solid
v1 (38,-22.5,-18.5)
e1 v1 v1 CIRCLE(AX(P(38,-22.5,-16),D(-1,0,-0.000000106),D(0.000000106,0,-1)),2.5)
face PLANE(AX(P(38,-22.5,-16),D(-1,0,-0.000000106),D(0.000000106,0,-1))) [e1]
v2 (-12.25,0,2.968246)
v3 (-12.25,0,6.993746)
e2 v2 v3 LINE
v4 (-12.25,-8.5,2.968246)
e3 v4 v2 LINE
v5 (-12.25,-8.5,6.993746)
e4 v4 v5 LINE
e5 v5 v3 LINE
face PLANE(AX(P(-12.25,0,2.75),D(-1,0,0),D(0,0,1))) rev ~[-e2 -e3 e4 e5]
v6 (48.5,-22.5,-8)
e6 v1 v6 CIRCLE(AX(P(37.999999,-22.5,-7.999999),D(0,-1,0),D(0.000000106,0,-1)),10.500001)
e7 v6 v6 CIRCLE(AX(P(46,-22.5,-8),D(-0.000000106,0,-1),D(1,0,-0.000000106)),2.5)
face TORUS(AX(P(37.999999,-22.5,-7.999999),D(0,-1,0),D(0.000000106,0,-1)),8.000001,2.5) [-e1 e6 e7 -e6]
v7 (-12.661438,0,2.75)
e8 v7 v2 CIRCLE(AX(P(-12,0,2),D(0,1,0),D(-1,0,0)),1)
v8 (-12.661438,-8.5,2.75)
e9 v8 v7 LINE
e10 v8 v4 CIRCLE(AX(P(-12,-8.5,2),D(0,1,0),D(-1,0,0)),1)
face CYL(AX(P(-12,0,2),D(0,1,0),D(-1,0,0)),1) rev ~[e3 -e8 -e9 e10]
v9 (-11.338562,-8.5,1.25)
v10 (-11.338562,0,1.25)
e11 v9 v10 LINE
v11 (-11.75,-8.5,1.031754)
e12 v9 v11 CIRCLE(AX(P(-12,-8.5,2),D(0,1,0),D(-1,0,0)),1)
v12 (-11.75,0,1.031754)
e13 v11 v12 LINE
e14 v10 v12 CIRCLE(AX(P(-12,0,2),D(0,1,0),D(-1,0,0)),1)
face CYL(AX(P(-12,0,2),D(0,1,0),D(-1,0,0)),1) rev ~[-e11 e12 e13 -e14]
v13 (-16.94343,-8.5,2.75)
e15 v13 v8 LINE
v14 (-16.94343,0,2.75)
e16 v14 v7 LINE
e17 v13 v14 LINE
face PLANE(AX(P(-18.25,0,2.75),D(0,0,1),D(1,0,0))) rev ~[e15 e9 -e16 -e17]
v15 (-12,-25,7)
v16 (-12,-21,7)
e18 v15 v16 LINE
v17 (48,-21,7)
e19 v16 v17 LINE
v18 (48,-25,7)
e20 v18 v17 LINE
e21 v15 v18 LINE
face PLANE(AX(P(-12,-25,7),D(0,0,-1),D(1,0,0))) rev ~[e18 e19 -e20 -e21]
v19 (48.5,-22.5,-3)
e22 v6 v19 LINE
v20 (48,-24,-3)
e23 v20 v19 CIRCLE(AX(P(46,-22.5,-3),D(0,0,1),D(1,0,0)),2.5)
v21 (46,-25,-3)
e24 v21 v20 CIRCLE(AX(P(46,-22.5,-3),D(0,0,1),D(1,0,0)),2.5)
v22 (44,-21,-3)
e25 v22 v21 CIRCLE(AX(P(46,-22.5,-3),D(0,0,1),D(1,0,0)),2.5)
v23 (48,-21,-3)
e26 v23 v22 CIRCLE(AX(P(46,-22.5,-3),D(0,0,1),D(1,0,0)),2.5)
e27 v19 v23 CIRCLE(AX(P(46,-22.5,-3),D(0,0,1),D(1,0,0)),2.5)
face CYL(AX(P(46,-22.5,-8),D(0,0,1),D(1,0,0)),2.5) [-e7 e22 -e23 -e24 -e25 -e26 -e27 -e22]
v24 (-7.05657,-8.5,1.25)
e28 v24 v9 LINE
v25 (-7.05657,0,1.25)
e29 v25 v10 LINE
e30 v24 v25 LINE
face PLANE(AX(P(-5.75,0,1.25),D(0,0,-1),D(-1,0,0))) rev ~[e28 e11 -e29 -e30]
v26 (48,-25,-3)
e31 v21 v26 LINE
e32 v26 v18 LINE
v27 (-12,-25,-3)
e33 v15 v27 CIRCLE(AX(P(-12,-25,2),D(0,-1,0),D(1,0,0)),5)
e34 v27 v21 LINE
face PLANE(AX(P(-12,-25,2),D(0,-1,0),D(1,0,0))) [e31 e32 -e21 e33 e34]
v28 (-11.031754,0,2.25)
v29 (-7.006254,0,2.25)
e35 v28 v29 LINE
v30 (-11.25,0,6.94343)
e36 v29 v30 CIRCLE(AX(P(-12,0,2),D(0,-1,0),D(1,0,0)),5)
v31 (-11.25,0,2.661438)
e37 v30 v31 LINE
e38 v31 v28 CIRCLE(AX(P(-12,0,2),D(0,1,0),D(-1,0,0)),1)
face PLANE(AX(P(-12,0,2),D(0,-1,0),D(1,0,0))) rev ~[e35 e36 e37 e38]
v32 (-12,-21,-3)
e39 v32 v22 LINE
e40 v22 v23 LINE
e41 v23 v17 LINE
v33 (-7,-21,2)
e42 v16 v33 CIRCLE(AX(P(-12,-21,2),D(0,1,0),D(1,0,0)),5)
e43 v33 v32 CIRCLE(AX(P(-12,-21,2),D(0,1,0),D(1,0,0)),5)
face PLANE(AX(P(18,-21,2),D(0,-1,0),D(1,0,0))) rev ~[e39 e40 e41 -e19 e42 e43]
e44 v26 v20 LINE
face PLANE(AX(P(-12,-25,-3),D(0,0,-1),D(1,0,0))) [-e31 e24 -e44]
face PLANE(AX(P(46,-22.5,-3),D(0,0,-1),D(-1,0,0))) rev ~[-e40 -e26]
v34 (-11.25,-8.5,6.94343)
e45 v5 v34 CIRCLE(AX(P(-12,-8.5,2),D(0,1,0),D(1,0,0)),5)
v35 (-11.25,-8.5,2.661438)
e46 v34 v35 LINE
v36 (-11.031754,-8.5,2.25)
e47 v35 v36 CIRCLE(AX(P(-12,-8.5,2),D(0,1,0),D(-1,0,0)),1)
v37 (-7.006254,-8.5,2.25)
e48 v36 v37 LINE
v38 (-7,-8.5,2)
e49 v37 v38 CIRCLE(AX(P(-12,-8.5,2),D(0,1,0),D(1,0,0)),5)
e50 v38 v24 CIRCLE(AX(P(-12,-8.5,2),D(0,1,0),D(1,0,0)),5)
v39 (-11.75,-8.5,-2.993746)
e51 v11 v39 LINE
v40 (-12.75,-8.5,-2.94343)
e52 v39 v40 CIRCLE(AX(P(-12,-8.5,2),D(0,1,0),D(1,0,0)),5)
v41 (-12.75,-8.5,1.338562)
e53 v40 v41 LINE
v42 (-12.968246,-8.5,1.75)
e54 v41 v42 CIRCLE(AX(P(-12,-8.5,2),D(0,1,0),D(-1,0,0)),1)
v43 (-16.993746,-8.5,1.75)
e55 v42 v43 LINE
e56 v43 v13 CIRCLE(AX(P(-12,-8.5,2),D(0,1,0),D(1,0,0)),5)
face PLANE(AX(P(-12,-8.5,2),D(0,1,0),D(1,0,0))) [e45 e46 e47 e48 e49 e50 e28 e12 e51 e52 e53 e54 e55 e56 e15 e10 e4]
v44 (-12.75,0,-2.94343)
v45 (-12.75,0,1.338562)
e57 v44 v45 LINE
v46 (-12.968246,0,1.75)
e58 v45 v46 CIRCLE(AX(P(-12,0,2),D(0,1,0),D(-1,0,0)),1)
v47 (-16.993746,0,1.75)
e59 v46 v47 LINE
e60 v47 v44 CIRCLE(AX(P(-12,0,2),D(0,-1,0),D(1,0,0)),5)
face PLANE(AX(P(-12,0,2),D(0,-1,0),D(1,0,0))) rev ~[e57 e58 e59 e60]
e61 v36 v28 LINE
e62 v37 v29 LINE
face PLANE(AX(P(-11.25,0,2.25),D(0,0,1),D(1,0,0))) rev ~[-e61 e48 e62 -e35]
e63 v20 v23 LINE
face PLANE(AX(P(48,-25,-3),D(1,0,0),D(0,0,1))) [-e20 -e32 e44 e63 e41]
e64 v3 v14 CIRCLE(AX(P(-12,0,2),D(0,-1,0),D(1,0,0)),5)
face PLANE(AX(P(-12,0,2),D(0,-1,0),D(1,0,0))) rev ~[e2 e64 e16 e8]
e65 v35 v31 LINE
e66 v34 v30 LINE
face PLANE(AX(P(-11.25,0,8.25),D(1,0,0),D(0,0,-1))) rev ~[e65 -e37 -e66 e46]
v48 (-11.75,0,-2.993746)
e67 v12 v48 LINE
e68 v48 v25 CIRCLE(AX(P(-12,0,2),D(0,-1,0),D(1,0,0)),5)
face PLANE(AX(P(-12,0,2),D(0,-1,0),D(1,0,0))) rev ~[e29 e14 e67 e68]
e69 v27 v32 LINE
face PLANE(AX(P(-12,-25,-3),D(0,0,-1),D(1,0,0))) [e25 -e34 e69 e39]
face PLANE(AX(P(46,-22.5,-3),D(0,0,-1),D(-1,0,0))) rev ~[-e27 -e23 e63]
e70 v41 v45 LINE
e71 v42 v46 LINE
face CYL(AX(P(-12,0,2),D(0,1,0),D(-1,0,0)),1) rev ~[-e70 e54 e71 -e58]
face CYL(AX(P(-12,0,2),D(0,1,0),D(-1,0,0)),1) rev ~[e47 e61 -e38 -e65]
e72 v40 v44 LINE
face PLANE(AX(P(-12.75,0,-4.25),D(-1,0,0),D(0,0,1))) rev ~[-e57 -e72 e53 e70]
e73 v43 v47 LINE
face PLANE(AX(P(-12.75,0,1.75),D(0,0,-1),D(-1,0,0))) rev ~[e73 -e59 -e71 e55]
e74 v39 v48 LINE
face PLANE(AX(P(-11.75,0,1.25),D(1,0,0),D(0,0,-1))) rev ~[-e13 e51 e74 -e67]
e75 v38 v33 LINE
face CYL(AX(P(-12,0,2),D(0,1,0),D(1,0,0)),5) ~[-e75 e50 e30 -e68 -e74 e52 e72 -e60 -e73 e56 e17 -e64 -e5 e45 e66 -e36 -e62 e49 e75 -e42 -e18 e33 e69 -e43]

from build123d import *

# Parameters (mm, degrees)
SKETCH083_R     = 5
PAD031_DEPTH    = 25
SKETCH084_W     = 60
SKETCH084_H     = 10
PAD032_DEPTH    = 4
SKETCH085_R     = 2.5
POCKET027_DEPTH = 8.5
SKETCH088_R     = 1
POCKET028_DEPTH = 8.5


with BuildPart() as part:
    # Sketch083 → Pad031 (new body)
    with BuildSketch(Plane.XZ):
        Circle(SKETCH083_R)
    extrude(amount=PAD031_DEPTH)

    # Sketch084 (on Face3 of Pad031) → Pad032 (join)
    with BuildSketch(Plane.XZ.offset(25)):
        with Locations((30, 0)):
            Rectangle(SKETCH084_W, SKETCH084_H)
    extrude(amount=-PAD032_DEPTH)

    # AdditivePipe: sweep along a path in Sketch086
    with BuildLine(Plane.XZ.offset(23)) as additivepipe_path:
        ThreePointArc((50, -18), (55.656854, -15.656854), (58, -10))
        Line((58, -10), (58, -5))
    # Sketch085 (on Face4 of Pad032) → AdditivePipe (sweep)
    with BuildSketch(Plane(origin=(0, 0, -5), x_dir=(1, 0, 0), z_dir=(0, 0, -1))):
        with Locations((58, 22.5)):
            Circle(SKETCH085_R)
    sweep(path=additivepipe_path.line)

    # Sketch087 (on Face2 of AdditivePipe) → Pocket027 (cut)
    with BuildSketch(Plane(origin=(0, 0, 0), x_dir=(1, 0, 0), z_dir=(0, 1, 0))):
        Polygon((-0.75, 6.25), (-0.75, 0.25), (-6.25, 0.25), (-6.25, -0.75), (-0.25, -0.75), (-0.25, -6.25), (0.75, -6.25), (0.75, -0.25), (6.25, -0.25), (6.25, 0.75), (0.25, 0.75), (0.25, 6.25), align=None)
    extrude(amount=-POCKET027_DEPTH, mode=Mode.SUBTRACT)

    # Sketch088 → Pocket028 (cut)
    with BuildSketch(Plane(origin=(0, 0, 0), x_dir=(-1, 0, 0), z_dir=(0, 1, 0))):
        Circle(SKETCH088_R)
    extrude(amount=-POCKET028_DEPTH, mode=Mode.SUBTRACT)


with BuildPart() as part_1:
    # Body013 placement: moved
    add(part.part.moved(Location((-12, 0, 2))))


solid = part_1.part
